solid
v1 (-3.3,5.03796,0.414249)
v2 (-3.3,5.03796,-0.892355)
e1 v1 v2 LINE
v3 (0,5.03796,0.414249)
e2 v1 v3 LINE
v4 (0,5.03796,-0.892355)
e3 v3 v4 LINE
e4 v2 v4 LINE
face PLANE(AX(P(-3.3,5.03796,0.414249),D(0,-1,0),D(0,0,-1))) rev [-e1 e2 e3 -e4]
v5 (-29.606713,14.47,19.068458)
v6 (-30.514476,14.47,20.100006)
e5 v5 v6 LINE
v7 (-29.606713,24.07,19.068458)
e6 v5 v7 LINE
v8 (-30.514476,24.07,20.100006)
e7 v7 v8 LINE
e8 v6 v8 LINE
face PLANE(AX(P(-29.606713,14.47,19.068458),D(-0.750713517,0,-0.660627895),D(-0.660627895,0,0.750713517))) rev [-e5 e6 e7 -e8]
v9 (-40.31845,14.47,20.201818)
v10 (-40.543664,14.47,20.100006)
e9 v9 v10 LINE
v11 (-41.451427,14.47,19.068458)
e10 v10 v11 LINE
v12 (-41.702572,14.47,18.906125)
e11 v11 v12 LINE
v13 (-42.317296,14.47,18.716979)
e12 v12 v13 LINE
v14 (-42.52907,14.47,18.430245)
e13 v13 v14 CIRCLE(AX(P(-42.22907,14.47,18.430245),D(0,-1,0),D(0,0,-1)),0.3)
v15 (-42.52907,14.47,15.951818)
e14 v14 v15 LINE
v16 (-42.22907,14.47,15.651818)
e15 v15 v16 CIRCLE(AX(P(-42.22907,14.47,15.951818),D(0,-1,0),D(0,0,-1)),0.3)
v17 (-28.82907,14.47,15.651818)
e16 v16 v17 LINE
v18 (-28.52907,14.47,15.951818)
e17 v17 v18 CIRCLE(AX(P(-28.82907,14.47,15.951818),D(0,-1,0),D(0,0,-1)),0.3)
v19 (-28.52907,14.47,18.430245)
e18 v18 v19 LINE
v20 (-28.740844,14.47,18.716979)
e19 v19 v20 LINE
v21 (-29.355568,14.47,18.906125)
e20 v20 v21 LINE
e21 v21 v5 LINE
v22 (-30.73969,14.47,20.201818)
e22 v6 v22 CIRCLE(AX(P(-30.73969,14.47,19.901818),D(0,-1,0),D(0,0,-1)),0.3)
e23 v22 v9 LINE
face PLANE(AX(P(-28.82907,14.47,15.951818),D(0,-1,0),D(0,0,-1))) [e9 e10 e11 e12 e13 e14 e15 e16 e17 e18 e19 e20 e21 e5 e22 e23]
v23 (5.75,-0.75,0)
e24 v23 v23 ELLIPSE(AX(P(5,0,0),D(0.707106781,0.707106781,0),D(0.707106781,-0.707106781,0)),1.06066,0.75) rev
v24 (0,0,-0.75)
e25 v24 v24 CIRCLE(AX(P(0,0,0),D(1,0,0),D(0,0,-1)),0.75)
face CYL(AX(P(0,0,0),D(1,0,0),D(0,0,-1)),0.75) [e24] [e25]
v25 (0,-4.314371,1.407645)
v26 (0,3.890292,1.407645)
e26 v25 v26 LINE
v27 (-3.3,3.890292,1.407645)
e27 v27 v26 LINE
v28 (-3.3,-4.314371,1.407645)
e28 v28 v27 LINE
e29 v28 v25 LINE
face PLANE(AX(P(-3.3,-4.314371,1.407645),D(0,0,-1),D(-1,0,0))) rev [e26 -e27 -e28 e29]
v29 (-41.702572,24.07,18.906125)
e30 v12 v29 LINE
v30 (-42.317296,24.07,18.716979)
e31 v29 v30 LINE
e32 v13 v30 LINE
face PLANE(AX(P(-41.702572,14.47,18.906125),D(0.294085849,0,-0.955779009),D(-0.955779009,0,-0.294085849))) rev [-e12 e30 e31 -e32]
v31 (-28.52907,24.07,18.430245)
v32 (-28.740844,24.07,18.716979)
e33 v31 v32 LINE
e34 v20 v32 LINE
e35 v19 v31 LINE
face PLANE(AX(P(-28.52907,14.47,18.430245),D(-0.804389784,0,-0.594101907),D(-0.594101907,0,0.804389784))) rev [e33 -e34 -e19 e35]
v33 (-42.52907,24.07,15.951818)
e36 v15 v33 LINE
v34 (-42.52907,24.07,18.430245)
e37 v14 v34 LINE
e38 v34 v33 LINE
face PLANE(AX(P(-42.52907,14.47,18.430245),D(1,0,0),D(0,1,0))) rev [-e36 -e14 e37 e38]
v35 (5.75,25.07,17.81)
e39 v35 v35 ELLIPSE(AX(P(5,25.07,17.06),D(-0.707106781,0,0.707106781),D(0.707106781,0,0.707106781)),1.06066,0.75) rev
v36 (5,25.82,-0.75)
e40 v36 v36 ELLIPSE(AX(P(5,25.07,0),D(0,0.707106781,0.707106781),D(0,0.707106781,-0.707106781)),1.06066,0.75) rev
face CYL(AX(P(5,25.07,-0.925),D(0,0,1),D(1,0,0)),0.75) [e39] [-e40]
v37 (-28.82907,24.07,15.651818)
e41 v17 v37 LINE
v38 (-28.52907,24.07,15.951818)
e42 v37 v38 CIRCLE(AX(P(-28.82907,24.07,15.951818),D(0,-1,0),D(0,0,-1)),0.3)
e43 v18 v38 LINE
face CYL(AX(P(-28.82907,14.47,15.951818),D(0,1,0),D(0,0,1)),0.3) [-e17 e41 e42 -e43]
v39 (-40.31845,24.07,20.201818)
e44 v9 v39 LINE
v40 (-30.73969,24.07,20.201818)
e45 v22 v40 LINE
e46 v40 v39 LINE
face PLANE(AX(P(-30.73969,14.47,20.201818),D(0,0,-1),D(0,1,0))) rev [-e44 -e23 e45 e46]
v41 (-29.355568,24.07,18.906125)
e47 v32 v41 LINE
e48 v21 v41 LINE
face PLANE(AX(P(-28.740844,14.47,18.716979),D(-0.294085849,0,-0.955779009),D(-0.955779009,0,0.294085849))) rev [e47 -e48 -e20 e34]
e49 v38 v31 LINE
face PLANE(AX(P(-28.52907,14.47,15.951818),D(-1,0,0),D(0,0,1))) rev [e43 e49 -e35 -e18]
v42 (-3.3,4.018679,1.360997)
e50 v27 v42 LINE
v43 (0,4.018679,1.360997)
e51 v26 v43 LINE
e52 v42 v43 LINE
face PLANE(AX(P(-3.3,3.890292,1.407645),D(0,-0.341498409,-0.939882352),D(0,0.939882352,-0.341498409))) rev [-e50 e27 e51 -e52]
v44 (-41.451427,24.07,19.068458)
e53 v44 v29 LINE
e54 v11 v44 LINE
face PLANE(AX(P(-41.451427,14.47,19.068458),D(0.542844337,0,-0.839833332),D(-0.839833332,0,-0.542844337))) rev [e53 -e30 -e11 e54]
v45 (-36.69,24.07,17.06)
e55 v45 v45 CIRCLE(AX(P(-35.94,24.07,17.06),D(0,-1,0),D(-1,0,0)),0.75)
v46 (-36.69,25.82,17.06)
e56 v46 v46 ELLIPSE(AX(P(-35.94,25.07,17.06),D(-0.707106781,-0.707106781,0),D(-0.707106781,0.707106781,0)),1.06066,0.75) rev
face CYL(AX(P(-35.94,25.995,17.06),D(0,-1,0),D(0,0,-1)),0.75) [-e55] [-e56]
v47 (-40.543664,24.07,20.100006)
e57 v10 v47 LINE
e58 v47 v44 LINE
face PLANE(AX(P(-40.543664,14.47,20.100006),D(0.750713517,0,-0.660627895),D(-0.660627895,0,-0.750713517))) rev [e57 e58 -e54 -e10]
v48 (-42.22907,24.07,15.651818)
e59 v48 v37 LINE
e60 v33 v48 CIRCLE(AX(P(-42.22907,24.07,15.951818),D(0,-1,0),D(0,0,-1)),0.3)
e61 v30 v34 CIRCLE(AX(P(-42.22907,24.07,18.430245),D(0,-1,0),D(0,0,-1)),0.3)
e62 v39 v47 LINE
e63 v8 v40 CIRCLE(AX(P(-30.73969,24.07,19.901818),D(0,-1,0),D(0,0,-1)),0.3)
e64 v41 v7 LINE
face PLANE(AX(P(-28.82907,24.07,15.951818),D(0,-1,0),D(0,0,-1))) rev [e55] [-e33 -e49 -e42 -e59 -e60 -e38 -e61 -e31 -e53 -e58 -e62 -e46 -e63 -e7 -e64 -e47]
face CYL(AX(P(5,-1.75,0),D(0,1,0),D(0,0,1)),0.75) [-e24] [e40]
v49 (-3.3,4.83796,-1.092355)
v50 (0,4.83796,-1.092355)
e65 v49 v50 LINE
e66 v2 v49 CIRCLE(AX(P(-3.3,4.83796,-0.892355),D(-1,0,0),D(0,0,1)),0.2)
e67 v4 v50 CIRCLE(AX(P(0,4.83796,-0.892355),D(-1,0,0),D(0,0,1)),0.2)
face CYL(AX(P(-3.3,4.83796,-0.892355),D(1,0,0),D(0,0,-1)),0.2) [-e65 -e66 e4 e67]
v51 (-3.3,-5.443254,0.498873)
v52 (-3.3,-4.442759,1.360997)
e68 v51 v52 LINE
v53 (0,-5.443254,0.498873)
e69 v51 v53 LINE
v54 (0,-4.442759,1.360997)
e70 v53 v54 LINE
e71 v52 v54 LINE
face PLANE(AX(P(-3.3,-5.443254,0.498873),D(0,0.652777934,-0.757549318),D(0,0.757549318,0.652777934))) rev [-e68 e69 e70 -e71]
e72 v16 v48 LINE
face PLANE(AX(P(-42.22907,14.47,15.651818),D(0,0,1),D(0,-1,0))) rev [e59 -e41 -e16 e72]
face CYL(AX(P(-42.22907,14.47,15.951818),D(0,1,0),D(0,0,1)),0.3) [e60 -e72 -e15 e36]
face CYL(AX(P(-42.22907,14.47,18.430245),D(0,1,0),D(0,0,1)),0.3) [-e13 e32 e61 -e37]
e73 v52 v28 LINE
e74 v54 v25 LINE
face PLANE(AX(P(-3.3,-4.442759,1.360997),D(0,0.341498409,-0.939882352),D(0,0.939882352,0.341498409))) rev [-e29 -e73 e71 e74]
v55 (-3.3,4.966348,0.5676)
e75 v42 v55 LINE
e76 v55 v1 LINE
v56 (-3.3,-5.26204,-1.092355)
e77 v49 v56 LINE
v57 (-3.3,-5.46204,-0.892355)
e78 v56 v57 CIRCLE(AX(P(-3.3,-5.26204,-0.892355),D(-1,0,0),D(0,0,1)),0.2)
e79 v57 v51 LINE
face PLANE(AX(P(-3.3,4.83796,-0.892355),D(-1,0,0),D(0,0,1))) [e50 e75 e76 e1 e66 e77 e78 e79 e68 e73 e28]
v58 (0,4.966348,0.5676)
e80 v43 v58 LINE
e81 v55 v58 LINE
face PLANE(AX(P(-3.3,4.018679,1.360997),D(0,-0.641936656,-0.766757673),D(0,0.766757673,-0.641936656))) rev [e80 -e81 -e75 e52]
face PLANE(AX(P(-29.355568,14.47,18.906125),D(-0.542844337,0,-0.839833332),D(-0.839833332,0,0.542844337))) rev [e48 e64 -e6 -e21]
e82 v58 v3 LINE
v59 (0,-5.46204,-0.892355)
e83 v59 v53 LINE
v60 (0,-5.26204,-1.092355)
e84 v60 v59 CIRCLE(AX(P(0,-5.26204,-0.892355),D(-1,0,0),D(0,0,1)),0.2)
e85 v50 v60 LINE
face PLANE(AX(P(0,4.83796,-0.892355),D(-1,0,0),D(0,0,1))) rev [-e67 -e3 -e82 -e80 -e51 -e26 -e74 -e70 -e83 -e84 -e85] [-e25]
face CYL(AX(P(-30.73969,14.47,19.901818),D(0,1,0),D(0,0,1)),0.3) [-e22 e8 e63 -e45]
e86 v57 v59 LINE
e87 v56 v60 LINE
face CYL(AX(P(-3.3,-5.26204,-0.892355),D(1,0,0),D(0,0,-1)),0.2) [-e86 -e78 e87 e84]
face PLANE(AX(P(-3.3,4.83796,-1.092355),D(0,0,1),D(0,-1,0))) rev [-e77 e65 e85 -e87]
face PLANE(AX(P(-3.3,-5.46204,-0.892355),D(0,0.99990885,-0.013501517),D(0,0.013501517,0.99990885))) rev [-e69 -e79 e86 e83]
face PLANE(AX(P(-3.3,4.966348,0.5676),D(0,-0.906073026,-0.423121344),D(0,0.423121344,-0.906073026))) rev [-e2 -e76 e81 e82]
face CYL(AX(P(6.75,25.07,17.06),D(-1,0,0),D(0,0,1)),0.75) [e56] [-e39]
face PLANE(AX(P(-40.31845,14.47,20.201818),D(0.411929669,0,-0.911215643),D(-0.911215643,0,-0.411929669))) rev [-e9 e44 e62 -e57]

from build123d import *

# Parameters (mm, degrees)
ESQUISSE3_R        = 0.75
BOSS_EXTRU_1_DEPTH = 9.6
BOSS_EXTRU_2_DEPTH = 3.3


with BuildPart() as part:
    # Balayage4: sweep along a curve in space
    with BuildLine() as balayage4_path:
        Line((0, 0, 0), (5, 0, 0))
        Line((5, 0, 0), (5, 25.07, 0))
        Line((5, 25.07, 0), (5, 25.07, 17.06))
        Line((5, 25.07, 17.06), (-35.94, 25.07, 17.06))
        Line((-35.94, 25.07, 17.06), (-35.94, 24.07, 17.06))
    # Esquisse3 → Balayage4 (sweep)
    with BuildSketch(Plane(origin=(0, 0, 0), x_dir=(0, 0, -1), z_dir=(1, 0, 0))):
        Circle(ESQUISSE3_R)
    sweep(path=balayage4_path.line, transition=Transition.RIGHT)

    # Esquisse4 → Boss.-Extru.1 (add)
    with BuildSketch(Plane.XZ.offset(-24.07)):
        with BuildLine():
            Line((-28.529069989, 15.951817831), (-28.529069989, 18.430245431))
            Line((-28.529069989, 18.430245431), (-28.740844235, 18.716979133))
            Line((-28.740844235, 18.716979133), (-29.3555682, 18.906124969))
            Line((-29.3555682, 18.906124969), (-29.606713417, 19.068458081))
            Line((-29.606713417, 19.068458081), (-30.514475757, 20.100006195))
            ThreePointArc((-30.514475757, 20.100006195), (-30.616110911, 20.175182519), (-30.739689812, 20.201817826))
            Line((-30.739689812, 20.201817826), (-40.318450167, 20.201817826))
            Line((-40.318450167, 20.201817826), (-40.543664222, 20.100006195))
            Line((-40.543664222, 20.100006195), (-41.451426562, 19.068458081))
            Line((-41.451426562, 19.068458081), (-41.702571779, 18.906124969))
            Line((-41.702571779, 18.906124969), (-42.317295744, 18.716979133))
            ThreePointArc((-42.317295744, 18.716979133), (-42.470386925, 18.608476003), (-42.529069989, 18.430245431))
            Line((-42.529069989, 18.430245431), (-42.529069989, 15.951817831))
            ThreePointArc((-42.529069989, 15.951817831), (-42.441202024, 15.739685796), (-42.229069989, 15.651817831))
            Line((-42.229069989, 15.651817831), (-28.829069989, 15.651817831))
            ThreePointArc((-28.829069989, 15.651817831), (-28.616937955, 15.739685796), (-28.529069989, 15.951817831))
        make_face()
    extrude(amount=BOSS_EXTRU_1_DEPTH)

    # Esquisse5 → Boss.-Extru.2 (add)
    with BuildSketch(Plane.ZY):
        with BuildLine():
            Line((-1.092354738, 4.837960255), (-1.092354738, -5.262039745))
            ThreePointArc((-1.092354738, -5.262039745), (-1.033776094, -5.403461102), (-0.892354738, -5.462039745))
            Line((-0.892354738, -5.462039745), (0.498872789, -5.443254351))
            Line((0.498872789, -5.443254351), (1.360996797, -4.442758746))
            Line((1.360996797, -4.442758746), (1.407645262, -4.314371414))
            Line((1.407645262, -4.314371414), (1.407645262, 3.890291924))
            Line((1.407645262, 3.890291924), (1.360996797, 4.018679255))
            Line((1.360996797, 4.018679255), (0.567600055, 4.966347586))
            Line((0.567600055, 4.966347586), (0.41424852, 5.037960255))
            Line((0.41424852, 5.037960255), (-0.892354738, 5.037960255))
            ThreePointArc((-0.892354738, 5.037960255), (-1.033776094, 4.979381611), (-1.092354738, 4.837960255))
        make_face()
    extrude(amount=BOSS_EXTRU_2_DEPTH)


solid = part.part
